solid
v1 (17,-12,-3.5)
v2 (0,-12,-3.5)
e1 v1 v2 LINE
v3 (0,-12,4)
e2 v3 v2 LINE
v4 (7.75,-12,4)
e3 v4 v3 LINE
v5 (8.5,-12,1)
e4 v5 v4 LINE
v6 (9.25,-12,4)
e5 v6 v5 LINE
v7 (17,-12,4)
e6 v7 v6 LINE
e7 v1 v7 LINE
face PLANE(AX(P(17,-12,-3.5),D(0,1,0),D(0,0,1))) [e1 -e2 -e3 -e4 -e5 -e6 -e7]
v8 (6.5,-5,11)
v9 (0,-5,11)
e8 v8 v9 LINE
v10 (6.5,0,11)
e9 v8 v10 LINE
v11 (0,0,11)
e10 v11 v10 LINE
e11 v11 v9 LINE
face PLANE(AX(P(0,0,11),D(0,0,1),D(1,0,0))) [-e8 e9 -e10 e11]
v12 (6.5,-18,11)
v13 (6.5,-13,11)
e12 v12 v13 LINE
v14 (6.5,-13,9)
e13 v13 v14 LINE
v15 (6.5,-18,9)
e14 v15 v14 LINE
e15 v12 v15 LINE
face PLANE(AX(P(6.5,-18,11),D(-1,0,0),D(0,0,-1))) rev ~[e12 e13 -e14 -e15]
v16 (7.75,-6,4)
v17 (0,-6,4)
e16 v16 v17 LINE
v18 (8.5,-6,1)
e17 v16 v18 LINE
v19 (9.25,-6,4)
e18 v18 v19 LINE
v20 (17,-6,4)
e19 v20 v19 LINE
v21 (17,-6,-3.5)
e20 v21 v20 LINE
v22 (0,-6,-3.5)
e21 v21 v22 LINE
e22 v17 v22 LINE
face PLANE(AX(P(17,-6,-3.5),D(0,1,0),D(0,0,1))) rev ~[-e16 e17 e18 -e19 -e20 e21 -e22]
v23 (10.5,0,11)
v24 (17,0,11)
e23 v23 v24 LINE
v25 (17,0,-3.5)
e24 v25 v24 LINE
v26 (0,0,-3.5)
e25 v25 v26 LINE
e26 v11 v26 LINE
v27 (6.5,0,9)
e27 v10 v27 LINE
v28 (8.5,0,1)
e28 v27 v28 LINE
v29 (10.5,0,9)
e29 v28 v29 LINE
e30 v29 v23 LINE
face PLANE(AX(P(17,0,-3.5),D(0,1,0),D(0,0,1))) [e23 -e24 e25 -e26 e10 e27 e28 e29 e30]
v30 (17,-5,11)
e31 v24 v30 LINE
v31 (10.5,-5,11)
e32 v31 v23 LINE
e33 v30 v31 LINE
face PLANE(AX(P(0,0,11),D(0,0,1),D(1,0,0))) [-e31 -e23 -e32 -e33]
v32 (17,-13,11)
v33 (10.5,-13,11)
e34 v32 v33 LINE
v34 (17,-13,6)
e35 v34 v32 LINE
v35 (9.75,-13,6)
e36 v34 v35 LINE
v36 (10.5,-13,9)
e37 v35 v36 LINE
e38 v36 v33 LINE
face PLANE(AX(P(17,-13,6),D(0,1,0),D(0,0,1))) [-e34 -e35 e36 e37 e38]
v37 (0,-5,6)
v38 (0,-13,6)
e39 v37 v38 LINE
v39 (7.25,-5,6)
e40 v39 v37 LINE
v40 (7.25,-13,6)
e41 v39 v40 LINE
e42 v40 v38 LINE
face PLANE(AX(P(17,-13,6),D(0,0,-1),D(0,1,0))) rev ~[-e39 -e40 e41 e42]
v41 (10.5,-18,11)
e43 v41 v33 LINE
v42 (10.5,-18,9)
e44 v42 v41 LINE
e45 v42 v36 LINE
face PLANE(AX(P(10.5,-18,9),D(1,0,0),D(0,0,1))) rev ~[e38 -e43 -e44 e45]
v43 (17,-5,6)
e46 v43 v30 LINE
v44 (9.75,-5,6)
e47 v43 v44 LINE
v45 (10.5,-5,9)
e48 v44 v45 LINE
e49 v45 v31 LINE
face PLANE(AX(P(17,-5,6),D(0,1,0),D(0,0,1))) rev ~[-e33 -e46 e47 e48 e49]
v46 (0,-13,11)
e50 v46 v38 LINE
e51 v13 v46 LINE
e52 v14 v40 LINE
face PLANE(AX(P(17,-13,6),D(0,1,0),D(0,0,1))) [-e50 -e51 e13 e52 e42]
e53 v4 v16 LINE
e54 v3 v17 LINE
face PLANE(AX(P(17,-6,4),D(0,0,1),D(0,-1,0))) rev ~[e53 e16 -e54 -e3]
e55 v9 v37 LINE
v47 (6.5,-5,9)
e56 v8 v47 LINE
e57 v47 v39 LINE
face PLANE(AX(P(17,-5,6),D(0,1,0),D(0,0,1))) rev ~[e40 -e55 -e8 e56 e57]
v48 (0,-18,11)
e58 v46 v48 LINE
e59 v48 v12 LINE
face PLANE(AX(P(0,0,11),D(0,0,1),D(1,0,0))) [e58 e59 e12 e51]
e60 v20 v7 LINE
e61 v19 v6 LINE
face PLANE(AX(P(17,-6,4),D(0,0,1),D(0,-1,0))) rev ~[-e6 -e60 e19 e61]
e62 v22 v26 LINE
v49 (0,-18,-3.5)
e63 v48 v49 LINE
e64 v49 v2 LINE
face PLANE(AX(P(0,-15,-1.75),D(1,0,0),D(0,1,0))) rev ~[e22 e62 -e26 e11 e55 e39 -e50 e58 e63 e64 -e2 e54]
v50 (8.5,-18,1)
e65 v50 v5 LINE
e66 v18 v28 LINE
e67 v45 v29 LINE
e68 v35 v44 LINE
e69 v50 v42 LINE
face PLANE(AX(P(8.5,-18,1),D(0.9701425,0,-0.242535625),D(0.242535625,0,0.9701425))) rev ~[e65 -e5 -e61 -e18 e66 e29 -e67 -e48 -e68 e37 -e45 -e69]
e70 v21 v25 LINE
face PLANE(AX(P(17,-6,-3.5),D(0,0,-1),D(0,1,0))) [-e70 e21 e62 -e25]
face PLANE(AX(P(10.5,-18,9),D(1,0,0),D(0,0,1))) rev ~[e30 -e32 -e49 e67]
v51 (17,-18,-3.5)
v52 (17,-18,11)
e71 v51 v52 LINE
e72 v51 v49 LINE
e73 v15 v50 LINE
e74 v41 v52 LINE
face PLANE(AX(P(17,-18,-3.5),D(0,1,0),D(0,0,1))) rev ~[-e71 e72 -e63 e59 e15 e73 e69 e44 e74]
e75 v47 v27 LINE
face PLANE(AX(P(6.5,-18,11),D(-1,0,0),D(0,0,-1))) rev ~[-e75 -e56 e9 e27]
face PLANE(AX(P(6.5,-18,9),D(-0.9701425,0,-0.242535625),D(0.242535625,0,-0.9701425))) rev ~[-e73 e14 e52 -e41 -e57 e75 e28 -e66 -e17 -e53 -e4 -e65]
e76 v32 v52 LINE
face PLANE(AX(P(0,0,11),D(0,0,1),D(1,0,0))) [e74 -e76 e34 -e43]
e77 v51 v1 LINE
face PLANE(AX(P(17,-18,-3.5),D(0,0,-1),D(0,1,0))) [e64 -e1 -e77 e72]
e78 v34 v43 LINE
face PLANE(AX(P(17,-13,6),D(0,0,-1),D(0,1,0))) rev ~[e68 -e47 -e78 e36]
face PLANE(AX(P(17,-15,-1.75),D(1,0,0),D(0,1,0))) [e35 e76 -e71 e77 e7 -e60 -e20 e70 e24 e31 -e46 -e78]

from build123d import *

# Parameters (mm, degrees)
F0_W      = 17
F0_H      = 11
F1_DEPTH  = 18
F3_DEPTH  = 25
F4_W      = 8
F4_H      = 5
F5_DEPTH  = 25
F7_DEPTH  = 25
F8_W      = 6
F8_H      = 3.5
F9_DEPTH  = 17
F10_W     = 6
F10_H     = 3.5
F11_DEPTH = 17


with BuildPart() as f1:
    # F0 (on Front) → F1 (new body)
    with BuildSketch(Plane.XZ):
        with Locations((8.5, 5.5)):
            Rectangle(F0_W, F0_H)
    extrude(amount=F1_DEPTH)

    # F2 (on face) → F3 (cut)
    with BuildSketch(Plane.XZ.offset(18)):
        Polygon((10.5, 9), (10.5, 11), (6.5, 11), (6.5, 9), (8.5, 1), align=None)
    extrude(amount=-F3_DEPTH, mode=Mode.SUBTRACT)

    # F4 (on face) → F5 (cut)
    with BuildSketch(Plane.YZ.offset(17)):
        with Locations((-9, 8.5)):
            Rectangle(F4_W, F4_H)
    extrude(amount=-F5_DEPTH, mode=Mode.SUBTRACT)

    # F6 (on face) → F7 (cut)
    with BuildSketch(Plane.YZ.offset(17)):
        Polygon((-6, 4), (-9, 4), (-12, 4), (-12, 0), (-6, 0), align=None)
    extrude(amount=-F7_DEPTH, mode=Mode.SUBTRACT)

    # F8 (on face) → F9 (join)
    with BuildSketch(Plane.YZ.offset(17)):
        with Locations((-3, -1.75)):
            Rectangle(F8_W, F8_H)
    extrude(amount=-F9_DEPTH)

    # F10 (on face) → F11 (join)
    with BuildSketch(Plane.YZ.offset(17)):
        with Locations((-15, -1.75)):
            Rectangle(F10_W, F10_H)
    extrude(amount=-F11_DEPTH)


solid = f1.part
